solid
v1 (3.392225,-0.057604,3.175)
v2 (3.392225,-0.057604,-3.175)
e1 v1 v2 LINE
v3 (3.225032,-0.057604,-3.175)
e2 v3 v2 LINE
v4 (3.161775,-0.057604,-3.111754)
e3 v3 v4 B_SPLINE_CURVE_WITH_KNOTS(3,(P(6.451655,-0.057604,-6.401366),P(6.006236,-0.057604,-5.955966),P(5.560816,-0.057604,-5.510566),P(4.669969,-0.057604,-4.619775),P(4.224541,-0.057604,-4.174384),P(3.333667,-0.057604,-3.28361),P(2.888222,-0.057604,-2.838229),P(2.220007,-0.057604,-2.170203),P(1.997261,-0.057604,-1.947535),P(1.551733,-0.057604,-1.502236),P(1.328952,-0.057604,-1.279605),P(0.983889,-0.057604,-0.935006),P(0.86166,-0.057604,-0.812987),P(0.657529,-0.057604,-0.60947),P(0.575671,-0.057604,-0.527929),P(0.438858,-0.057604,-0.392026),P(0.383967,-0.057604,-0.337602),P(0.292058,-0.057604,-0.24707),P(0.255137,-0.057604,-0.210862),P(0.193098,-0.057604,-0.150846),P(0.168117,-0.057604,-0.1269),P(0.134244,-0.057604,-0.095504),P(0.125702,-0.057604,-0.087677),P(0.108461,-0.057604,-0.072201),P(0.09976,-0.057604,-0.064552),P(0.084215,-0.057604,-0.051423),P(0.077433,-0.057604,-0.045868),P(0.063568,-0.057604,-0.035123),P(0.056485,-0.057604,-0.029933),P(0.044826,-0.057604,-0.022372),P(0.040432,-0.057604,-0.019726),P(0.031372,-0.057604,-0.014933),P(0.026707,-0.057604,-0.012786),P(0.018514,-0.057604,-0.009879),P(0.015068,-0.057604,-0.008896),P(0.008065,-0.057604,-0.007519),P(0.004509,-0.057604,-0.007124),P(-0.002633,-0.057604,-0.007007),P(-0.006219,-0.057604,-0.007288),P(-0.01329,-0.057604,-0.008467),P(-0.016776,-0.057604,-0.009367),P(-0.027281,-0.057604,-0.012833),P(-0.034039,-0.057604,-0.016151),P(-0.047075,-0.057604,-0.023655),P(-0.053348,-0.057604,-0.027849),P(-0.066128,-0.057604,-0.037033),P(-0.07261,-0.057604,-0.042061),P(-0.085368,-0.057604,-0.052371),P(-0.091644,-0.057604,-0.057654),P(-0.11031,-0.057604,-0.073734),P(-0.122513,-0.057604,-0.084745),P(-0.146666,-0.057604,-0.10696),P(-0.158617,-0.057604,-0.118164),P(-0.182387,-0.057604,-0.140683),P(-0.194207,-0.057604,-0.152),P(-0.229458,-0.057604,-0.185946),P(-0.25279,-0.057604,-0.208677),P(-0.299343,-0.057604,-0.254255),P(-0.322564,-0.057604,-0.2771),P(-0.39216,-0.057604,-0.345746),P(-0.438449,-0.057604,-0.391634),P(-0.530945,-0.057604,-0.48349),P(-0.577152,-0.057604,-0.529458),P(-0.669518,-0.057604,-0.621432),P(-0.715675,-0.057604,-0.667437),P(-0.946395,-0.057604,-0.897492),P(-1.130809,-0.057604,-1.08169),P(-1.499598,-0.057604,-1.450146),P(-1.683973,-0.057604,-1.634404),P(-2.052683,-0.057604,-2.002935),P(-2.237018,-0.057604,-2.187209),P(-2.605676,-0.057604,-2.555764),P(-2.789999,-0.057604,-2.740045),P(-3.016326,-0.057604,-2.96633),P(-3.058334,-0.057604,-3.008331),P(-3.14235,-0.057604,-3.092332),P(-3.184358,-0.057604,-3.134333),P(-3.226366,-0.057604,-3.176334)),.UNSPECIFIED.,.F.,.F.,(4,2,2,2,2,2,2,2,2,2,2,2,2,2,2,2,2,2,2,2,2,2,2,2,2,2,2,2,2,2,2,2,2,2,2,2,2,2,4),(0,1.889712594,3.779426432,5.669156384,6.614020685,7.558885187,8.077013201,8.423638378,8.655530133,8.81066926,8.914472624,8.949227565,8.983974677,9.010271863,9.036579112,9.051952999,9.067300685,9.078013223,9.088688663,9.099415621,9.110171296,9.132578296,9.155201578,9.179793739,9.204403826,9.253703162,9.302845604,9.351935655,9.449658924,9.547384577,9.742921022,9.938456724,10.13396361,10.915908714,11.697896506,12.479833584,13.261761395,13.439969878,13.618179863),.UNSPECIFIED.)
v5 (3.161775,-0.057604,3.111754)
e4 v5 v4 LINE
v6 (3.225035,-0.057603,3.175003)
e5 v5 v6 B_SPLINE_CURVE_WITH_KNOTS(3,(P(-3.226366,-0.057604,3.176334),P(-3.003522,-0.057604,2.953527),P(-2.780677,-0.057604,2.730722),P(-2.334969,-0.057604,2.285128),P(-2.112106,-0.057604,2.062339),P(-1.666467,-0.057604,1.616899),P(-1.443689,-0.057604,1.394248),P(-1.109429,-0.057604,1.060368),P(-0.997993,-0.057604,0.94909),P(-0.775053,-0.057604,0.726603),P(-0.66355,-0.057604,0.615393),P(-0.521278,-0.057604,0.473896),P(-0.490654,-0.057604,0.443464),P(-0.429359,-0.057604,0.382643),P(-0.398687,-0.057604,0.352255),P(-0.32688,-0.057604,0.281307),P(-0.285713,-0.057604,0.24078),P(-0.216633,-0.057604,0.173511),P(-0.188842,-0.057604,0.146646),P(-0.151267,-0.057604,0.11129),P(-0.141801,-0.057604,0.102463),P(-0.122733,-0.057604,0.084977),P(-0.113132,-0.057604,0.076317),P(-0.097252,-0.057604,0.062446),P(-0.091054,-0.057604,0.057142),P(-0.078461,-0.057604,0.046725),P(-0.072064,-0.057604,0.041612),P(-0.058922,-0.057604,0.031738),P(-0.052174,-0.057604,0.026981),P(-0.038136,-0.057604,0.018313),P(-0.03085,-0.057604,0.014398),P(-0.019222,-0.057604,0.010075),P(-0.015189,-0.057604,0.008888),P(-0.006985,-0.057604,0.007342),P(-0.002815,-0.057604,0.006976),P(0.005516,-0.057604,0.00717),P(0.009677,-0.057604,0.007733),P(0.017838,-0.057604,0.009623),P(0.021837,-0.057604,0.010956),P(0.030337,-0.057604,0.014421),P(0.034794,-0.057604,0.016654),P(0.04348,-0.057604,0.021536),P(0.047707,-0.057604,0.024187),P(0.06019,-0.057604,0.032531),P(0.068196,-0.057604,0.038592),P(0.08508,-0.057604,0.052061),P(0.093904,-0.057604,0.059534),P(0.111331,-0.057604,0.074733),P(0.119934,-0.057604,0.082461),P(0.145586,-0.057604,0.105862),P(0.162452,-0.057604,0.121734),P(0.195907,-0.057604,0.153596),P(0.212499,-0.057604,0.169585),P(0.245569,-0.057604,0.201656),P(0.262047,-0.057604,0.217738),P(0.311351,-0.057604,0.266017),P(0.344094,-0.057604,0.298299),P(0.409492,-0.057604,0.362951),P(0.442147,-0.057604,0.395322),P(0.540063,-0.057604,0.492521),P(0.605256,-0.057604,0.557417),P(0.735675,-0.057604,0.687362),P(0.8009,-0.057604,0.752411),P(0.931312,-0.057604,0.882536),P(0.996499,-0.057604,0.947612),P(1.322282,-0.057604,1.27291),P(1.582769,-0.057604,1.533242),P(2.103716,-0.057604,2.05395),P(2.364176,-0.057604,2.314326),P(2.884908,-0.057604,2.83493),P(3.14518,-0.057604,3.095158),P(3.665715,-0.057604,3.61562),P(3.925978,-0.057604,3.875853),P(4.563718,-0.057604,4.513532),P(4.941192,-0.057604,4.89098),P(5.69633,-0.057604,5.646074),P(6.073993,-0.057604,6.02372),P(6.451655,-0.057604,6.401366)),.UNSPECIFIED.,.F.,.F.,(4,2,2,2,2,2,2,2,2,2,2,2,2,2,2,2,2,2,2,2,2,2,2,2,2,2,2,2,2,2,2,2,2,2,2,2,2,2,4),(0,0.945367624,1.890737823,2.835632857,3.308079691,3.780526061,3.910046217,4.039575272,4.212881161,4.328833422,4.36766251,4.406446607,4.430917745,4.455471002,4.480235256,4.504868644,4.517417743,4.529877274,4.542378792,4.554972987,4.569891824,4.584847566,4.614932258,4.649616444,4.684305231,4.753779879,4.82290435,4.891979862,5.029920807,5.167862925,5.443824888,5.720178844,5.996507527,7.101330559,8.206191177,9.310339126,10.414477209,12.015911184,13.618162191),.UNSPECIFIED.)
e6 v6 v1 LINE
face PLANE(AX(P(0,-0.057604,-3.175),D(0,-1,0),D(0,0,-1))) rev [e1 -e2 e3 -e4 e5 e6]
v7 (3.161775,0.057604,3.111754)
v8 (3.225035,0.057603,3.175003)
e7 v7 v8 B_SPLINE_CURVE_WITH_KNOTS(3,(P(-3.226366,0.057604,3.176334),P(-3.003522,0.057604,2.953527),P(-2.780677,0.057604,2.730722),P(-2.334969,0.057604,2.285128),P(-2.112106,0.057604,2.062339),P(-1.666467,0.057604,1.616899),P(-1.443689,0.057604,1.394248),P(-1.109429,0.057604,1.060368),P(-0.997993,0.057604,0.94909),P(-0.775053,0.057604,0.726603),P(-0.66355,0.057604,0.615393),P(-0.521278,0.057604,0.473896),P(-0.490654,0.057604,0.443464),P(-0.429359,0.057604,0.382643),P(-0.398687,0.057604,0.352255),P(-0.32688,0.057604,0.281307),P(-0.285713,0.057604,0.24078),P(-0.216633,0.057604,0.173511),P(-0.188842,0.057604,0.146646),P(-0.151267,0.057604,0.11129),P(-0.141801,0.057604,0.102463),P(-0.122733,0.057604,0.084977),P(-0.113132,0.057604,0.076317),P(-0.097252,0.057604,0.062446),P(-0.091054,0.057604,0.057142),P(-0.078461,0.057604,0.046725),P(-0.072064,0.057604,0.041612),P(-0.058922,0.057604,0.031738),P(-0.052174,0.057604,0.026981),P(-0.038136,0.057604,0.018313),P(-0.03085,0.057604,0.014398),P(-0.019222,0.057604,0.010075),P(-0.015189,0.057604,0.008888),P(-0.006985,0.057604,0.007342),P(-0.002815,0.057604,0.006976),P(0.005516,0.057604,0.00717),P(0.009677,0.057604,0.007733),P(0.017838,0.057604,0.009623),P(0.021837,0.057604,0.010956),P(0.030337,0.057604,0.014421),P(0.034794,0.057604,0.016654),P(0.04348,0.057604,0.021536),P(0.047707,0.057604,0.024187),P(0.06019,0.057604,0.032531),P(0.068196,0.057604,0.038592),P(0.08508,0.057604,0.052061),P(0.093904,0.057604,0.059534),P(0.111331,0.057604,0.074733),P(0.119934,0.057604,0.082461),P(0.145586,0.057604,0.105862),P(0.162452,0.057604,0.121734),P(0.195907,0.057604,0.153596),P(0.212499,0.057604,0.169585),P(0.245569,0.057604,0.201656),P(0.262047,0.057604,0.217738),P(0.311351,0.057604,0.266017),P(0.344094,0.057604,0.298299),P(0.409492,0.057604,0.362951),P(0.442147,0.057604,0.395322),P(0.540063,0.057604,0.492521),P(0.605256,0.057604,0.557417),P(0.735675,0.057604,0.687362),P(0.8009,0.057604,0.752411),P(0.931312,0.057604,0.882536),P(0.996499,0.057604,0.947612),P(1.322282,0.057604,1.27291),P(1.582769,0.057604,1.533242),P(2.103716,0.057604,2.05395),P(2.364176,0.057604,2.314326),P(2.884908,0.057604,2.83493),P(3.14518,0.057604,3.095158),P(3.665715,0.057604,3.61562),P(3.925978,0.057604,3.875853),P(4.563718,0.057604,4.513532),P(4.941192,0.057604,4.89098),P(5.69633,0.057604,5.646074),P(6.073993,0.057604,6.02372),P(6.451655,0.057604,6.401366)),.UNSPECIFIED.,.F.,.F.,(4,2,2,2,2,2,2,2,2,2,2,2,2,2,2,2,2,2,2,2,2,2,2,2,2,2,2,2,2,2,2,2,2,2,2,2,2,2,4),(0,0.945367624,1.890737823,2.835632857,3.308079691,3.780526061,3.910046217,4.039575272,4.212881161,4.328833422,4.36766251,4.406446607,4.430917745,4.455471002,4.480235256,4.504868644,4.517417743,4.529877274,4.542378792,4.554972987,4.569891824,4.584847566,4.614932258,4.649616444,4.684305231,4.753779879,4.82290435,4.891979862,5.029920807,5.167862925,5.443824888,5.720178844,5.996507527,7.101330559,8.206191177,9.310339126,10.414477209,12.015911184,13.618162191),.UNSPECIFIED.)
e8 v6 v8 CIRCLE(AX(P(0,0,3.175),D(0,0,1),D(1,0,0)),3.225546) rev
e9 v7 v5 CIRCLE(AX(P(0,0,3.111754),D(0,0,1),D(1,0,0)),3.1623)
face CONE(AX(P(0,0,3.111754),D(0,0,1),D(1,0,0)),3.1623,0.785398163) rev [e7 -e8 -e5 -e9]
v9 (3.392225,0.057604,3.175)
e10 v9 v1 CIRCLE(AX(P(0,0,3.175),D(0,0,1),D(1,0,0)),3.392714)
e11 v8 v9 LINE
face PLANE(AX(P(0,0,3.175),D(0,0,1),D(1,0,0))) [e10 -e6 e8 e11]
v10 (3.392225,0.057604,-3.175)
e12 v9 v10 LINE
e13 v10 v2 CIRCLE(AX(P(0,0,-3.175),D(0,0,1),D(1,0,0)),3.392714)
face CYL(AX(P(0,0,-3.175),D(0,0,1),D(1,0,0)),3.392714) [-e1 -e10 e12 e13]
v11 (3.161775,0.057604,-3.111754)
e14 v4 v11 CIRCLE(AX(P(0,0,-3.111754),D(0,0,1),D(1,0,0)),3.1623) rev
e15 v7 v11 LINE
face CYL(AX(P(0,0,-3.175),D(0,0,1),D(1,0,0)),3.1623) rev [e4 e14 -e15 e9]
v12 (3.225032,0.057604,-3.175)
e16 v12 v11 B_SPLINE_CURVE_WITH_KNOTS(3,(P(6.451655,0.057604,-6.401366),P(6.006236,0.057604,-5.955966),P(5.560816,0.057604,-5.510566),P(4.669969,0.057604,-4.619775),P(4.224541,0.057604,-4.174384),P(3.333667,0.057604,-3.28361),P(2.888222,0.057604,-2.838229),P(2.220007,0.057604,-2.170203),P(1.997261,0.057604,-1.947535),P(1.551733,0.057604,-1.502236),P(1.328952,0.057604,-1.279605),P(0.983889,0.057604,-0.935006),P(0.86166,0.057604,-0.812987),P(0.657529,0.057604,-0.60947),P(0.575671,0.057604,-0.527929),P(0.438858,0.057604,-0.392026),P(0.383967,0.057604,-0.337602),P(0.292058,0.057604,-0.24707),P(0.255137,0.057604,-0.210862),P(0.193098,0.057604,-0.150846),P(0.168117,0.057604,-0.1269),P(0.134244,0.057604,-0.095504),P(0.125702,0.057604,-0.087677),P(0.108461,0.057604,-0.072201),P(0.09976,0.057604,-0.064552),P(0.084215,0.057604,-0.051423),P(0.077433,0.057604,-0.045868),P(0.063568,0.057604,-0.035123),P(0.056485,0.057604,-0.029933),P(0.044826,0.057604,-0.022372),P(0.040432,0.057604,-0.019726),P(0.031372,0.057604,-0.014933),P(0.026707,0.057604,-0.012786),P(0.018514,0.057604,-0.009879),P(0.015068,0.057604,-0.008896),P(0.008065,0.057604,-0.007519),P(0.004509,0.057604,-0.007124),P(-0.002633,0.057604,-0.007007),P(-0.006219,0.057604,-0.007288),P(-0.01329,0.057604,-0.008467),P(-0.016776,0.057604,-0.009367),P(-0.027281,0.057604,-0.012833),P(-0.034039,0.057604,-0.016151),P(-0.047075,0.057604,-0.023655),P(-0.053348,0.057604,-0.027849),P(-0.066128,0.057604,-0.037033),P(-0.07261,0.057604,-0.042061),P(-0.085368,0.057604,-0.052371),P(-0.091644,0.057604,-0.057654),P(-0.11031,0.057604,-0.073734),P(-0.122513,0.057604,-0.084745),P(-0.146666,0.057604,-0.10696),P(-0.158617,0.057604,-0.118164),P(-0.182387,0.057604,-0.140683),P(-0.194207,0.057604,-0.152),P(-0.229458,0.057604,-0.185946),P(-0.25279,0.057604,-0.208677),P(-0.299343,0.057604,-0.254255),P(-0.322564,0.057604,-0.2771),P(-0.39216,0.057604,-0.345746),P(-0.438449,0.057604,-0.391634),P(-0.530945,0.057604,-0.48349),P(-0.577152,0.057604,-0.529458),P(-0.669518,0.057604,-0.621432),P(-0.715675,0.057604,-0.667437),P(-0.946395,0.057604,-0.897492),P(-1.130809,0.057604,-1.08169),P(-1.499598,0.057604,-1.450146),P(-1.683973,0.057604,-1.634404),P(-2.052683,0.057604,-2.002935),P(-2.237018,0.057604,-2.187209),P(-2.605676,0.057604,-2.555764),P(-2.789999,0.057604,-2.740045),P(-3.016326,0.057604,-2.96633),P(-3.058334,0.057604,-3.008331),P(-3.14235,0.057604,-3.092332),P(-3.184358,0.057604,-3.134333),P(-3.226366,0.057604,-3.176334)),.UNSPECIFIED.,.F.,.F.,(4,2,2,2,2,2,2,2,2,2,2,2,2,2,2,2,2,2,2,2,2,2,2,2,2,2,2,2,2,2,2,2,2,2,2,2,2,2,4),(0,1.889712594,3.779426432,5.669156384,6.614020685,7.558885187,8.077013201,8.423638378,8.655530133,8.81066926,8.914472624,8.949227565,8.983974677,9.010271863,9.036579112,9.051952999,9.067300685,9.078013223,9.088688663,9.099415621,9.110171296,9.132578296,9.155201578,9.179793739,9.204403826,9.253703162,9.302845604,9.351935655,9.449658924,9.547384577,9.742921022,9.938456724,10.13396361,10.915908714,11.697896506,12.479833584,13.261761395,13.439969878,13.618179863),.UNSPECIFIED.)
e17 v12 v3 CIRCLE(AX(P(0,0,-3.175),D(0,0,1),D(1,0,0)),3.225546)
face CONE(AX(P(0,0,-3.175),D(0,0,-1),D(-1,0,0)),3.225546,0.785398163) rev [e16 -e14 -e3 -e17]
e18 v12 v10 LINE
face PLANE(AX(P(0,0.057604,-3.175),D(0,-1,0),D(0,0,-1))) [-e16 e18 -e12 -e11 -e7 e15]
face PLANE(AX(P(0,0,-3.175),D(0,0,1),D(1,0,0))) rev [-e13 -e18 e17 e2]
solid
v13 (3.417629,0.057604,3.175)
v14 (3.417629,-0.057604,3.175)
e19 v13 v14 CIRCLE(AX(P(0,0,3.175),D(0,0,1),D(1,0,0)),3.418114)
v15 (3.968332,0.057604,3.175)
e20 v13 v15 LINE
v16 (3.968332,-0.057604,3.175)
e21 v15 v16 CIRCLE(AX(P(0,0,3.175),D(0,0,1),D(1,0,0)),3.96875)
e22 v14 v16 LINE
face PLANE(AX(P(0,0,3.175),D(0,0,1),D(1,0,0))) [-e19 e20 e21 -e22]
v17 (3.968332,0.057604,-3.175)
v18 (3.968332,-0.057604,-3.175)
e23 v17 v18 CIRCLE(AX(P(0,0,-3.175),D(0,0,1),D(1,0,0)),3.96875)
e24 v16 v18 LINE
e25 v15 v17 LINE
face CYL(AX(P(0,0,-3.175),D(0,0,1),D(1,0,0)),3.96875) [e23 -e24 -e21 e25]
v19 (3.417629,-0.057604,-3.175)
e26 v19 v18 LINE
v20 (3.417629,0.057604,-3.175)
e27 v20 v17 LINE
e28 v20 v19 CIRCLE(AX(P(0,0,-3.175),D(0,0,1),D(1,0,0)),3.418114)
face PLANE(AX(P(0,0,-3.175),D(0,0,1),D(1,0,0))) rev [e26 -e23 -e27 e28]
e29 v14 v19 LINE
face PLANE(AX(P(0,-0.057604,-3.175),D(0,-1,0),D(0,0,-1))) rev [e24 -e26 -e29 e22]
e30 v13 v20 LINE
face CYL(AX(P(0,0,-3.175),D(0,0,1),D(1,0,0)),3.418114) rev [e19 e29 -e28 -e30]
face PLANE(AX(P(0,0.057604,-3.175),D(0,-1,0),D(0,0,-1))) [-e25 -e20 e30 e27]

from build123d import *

# Parameters (mm, degrees)
BOSS_EXTRUDE1_DEPTH          = 3.175
BOSS_EXTRUDE1_DEPTH_BACK     = 3.175
SKETCH3_R                    = 3.96875
SKETCH3_R_2                  = 3.1623
SKETCH4_R                    = 3.418114286
SKETCH4_R_2                  = 3.392714286
CUT_EXTRUDE_THIN1_DEPTH      = 9.474930863
CHAMFER1_SIZE                = 0.063246
CUT_EXTRUDE_THIN3_DEPTH      = 9.474930863
CUT_EXTRUDE_THIN3_DEPTH_BACK = 9.474930863
SKETCH5_W                    = 4.053825817
SKETCH5_H                    = 0.115207142


with BuildPart() as part:
    # Sketch3 → Boss-Extrude1 (new, two sides: drawn at the far end of the back side and taken through both)
    with BuildSketch(Plane.XY.offset(-BOSS_EXTRUDE1_DEPTH_BACK)):
        Circle(SKETCH3_R)
        Circle(SKETCH3_R_2, mode=Mode.SUBTRACT)
    extrude(amount=BOSS_EXTRUDE1_DEPTH + BOSS_EXTRUDE1_DEPTH_BACK)

    # Sketch4 → Cut-Extrude-Thin1 (cut, through all)
    with BuildSketch(Plane.XY.offset(3.175)):
        Circle(SKETCH4_R)
        Circle(SKETCH4_R_2, mode=Mode.SUBTRACT)
    extrude(amount=-CUT_EXTRUDE_THIN1_DEPTH, mode=Mode.SUBTRACT)


with BuildPart() as cut_extrude_thin1_piece_1:
    # of the separate pieces the step leaves, piece 1, a body of its own (cut_extrude_thin1_pieces)
    add(part.part.solids().sort_by_distance((3.96875, 0, 0))[0])


with BuildPart() as cut_extrude_thin1_piece_2:
    # of the separate pieces the step leaves, piece 2, a body of its own (cut_extrude_thin1_pieces)
    add(part.part.solids().sort_by_distance((3.392714286, 0, 3.175))[0])

    # Chamfer1
    chamfer1_edges = [cut_extrude_thin1_piece_2.edges().sort_by_distance(p)[0] for p in [
        (-3.1623, 0, -3.175),
        (-3.1623, 0, 3.175),
    ]]
    chamfer(chamfer1_edges, length=CHAMFER1_SIZE)


with BuildPart() as cut_extrude_thin3_tool:
    # Sketch5 → Cut-Extrude-Thin3 (new, two sides: drawn at the far end of the back side and taken through both)
    with BuildSketch(Plane.XY.offset(3.175).offset(-CUT_EXTRUDE_THIN3_DEPTH_BACK)):
        with Locations((2.026912908, 0)):
            Rectangle(SKETCH5_W, SKETCH5_H)
    extrude(amount=CUT_EXTRUDE_THIN3_DEPTH + CUT_EXTRUDE_THIN3_DEPTH_BACK)


with BuildPart() as cut_extrude_thin1_piece_1_1:
    add(cut_extrude_thin1_piece_1.part)

    # Cut-Extrude-Thin3: cut by cut_extrude_thin3_tool
    add(cut_extrude_thin3_tool.part, mode=Mode.SUBTRACT)


with BuildPart() as cut_extrude_thin1_piece_2_1:
    add(cut_extrude_thin1_piece_2.part)

    # Cut-Extrude-Thin3: cut by cut_extrude_thin3_tool
    add(cut_extrude_thin3_tool.part, mode=Mode.SUBTRACT)


solid = Compound([cut_extrude_thin1_piece_1_1.part, cut_extrude_thin1_piece_2_1.part])
